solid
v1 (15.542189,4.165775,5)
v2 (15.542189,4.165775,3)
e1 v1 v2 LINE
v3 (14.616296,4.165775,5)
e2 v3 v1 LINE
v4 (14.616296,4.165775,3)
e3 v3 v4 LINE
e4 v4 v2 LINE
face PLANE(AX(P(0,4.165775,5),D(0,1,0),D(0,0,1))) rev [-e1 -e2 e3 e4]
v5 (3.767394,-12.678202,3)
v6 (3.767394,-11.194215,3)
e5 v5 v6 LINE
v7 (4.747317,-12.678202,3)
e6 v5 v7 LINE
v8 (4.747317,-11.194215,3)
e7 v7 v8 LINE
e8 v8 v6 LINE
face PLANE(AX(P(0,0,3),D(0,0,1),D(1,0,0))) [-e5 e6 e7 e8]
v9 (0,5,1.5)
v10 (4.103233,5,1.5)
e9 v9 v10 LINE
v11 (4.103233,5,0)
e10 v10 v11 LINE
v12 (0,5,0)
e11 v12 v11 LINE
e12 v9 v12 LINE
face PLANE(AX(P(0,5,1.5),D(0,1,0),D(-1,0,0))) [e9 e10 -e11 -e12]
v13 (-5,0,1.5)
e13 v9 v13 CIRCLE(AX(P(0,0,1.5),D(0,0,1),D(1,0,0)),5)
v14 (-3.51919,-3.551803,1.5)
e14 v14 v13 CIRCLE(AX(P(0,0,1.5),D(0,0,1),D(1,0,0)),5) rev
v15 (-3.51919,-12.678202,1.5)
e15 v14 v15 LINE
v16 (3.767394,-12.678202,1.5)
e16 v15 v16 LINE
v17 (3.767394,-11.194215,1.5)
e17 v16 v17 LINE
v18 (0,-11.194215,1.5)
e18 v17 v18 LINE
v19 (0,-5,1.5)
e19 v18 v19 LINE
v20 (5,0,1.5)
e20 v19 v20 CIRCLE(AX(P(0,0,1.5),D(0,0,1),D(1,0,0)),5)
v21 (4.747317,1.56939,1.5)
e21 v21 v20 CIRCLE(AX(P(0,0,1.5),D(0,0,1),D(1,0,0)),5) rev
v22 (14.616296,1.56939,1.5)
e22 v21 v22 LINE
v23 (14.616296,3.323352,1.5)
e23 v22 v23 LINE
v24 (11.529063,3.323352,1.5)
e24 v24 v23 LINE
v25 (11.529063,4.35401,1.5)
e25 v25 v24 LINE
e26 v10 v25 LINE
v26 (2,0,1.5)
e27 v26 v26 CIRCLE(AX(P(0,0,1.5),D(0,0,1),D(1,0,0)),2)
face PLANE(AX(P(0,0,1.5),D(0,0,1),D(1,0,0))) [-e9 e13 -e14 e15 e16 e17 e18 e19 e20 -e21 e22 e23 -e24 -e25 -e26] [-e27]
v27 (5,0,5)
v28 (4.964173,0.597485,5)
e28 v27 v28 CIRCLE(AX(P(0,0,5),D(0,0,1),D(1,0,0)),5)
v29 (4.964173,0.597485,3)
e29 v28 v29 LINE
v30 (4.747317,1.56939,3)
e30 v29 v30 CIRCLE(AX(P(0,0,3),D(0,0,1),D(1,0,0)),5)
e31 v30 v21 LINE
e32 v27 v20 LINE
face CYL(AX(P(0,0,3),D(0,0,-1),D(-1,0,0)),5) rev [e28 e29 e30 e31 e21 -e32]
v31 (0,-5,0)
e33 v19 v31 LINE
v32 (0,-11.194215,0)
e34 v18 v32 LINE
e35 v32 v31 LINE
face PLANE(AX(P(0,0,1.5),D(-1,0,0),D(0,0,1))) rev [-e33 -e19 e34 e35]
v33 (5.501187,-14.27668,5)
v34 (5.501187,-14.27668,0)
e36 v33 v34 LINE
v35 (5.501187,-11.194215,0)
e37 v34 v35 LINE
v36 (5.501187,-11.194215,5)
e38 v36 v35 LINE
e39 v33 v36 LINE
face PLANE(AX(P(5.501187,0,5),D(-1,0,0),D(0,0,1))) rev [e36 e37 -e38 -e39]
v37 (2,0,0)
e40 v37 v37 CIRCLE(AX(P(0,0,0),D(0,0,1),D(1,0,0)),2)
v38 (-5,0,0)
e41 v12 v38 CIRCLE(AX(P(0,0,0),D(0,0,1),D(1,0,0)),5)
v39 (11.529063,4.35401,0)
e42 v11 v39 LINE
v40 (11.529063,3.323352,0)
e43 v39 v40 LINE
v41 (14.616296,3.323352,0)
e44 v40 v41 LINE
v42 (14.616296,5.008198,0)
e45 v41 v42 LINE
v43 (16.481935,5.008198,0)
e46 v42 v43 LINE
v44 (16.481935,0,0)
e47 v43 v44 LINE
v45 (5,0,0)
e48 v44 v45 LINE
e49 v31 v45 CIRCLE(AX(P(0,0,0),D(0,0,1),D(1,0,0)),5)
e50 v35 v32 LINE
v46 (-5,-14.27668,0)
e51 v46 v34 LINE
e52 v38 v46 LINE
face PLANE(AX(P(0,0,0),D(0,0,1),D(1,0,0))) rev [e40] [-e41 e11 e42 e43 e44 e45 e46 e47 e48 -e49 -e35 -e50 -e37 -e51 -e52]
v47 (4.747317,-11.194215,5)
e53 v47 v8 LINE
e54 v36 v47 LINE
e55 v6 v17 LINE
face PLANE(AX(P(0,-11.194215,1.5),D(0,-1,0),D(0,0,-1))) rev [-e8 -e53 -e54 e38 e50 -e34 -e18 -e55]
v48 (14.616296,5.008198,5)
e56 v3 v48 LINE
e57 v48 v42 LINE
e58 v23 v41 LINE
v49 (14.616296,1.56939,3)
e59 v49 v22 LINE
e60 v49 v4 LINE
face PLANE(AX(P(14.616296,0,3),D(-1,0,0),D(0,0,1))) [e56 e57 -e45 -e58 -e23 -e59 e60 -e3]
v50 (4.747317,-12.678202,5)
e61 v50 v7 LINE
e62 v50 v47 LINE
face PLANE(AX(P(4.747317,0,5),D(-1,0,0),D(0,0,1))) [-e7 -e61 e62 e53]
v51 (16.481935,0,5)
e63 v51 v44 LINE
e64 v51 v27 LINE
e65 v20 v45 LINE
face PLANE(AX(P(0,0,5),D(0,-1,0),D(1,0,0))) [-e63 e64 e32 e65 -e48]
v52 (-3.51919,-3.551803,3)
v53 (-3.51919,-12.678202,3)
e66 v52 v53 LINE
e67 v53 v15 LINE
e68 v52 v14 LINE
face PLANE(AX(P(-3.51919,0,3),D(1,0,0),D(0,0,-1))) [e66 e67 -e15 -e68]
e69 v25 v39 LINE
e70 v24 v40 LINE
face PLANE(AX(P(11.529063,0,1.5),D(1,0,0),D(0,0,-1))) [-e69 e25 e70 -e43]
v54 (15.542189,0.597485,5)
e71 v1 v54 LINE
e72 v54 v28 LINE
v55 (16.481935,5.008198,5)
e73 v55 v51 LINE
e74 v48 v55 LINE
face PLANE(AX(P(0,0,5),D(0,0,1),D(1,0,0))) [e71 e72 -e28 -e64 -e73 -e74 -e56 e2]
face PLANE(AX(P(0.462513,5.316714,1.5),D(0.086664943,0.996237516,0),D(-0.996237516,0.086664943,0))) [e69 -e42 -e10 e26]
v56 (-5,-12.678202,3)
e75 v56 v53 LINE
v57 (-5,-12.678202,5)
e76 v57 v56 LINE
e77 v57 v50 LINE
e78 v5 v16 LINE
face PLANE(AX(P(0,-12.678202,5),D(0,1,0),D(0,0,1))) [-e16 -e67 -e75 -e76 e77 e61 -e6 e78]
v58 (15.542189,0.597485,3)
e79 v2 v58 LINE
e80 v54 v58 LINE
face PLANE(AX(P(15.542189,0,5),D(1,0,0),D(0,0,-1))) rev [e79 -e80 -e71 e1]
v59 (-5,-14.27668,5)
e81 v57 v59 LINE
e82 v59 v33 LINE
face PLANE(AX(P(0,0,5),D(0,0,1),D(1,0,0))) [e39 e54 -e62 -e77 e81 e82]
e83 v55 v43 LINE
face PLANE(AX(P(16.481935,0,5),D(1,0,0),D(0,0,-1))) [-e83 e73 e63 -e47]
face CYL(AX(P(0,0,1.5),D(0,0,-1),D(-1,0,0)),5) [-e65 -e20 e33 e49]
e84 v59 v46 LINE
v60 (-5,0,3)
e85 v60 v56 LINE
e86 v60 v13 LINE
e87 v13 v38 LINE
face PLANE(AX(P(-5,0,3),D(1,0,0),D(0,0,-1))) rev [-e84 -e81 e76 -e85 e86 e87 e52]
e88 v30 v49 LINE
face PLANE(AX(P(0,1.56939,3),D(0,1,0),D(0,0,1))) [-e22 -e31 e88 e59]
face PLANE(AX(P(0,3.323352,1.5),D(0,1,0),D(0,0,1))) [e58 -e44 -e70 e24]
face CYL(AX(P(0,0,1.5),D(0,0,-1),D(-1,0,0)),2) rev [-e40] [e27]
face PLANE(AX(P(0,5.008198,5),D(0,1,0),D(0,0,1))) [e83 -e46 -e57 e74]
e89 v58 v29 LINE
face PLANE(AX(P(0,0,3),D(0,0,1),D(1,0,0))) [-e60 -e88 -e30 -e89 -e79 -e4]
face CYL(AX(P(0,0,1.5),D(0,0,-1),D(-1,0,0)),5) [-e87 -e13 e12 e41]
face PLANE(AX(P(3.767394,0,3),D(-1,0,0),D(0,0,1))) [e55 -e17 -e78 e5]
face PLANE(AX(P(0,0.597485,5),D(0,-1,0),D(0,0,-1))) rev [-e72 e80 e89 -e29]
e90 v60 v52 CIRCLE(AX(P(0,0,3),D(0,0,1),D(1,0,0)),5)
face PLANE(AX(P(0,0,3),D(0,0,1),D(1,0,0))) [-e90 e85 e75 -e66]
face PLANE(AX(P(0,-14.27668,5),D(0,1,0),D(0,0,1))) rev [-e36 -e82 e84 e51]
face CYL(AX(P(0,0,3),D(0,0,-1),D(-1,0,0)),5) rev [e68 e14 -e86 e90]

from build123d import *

# Parameters (mm, degrees)
SKETCH_1_R      = 2
EXTRUDE_1_DEPTH = 1.5
SKETCH_1_3_W    = 0.979922275
SKETCH_1_3_H    = 1.483986981
EXTRUDE_2_DEPTH = 3
EXTRUDE_3_DEPTH = 5


with BuildPart() as part:
    # 스케치1 → 보스-돌출1 (new body)
    with BuildSketch(Plane.XY):
        with BuildLine():
            Line((4.103232797, 5), (0, 5))
            ThreePointArc((0, 5), (-4.623797936, 1.902759219), (-3.51918966, -3.551802942))
            Line((-3.51918966, -3.551802942), (-3.51918966, -12.678202106))
            Line((-3.51918966, -12.678202106), (3.767394394, -12.678202106))
            Line((3.767394394, -12.678202106), (3.767394394, -11.194215125))
            Line((3.767394394, -11.194215125), (0, -11.194215125))
            Line((0, -11.194215125), (0, -5))
            ThreePointArc((0, -5), (4.052588627, -2.928570542), (4.747316669, 1.569389833))
            Line((4.747316669, 1.569389833), (14.616295983, 1.569389833))
            Line((14.616295983, 1.569389833), (14.616295983, 3.323351723))
            Line((14.616295983, 3.323351723), (11.529062921, 3.323351723))
            Line((11.529062921, 3.323351723), (11.529062921, 4.354010329))
            Line((11.529062921, 4.354010329), (4.103232797, 5))
        make_face()
        Circle(SKETCH_1_R, mode=Mode.SUBTRACT)
    extrude(amount=EXTRUDE_1_DEPTH)

    # 스케치1<3> → 보스-돌출2 (add)
    with BuildSketch(Plane.XY):
        with BuildLine():
            Line((14.616295983, 1.569389833), (4.747316669, 1.569389833))
            ThreePointArc((4.747316669, 1.569389833), (4.880000714, 1.088849406), (4.964172837, 0.597484763))
            Line((4.964172837, 0.597484763), (15.542189383, 0.597484763))
            Line((15.542189383, 0.597484763), (15.542189383, 4.165774783))
            Line((15.542189383, 4.165774783), (14.616295983, 4.165774783))
            Line((14.616295983, 4.165774783), (14.616295983, 1.569389833))
        make_face()
        with BuildLine():
            ThreePointArc((-3.51918966, -3.551802942), (-4.614972822, -1.924064929), (-5, 0))
            Line((-5, 0), (-5, -12.678202106))
            Line((-5, -12.678202106), (-3.51918966, -12.678202106))
            Line((-3.51918966, -12.678202106), (-3.51918966, -3.551802942))
        make_face()
        with Locations((4.257355532, -11.936208616)):
            Rectangle(SKETCH_1_3_W, SKETCH_1_3_H)
    extrude(amount=EXTRUDE_2_DEPTH)

    # 스케치1<4> → 보스-돌출3 (add)
    with BuildSketch(Plane.XY):
        with BuildLine():
            Line((15.542189383, 0.597484763), (4.964172837, 0.597484763))
            ThreePointArc((4.964172837, 0.597484763), (4.991035173, 0.299278978), (5, 0))
            Line((5, 0), (16.481935348, 0))
            Line((16.481935348, 0), (16.481935348, 5.008197844))
            Line((16.481935348, 5.008197844), (14.616295983, 5.008197844))
            Line((14.616295983, 5.008197844), (14.616295983, 4.165774783))
            Line((14.616295983, 4.165774783), (15.542189383, 4.165774783))
            Line((15.542189383, 4.165774783), (15.542189383, 0.597484763))
        make_face()
        Polygon((4.747316669, -12.678202106), (-5, -12.678202106), (-5, -14.27668016), (5.501186974, -14.27668016), (5.501186974, -11.194215125), (4.747316669, -11.194215125), align=None)
    extrude(amount=EXTRUDE_3_DEPTH)


solid = part.part
